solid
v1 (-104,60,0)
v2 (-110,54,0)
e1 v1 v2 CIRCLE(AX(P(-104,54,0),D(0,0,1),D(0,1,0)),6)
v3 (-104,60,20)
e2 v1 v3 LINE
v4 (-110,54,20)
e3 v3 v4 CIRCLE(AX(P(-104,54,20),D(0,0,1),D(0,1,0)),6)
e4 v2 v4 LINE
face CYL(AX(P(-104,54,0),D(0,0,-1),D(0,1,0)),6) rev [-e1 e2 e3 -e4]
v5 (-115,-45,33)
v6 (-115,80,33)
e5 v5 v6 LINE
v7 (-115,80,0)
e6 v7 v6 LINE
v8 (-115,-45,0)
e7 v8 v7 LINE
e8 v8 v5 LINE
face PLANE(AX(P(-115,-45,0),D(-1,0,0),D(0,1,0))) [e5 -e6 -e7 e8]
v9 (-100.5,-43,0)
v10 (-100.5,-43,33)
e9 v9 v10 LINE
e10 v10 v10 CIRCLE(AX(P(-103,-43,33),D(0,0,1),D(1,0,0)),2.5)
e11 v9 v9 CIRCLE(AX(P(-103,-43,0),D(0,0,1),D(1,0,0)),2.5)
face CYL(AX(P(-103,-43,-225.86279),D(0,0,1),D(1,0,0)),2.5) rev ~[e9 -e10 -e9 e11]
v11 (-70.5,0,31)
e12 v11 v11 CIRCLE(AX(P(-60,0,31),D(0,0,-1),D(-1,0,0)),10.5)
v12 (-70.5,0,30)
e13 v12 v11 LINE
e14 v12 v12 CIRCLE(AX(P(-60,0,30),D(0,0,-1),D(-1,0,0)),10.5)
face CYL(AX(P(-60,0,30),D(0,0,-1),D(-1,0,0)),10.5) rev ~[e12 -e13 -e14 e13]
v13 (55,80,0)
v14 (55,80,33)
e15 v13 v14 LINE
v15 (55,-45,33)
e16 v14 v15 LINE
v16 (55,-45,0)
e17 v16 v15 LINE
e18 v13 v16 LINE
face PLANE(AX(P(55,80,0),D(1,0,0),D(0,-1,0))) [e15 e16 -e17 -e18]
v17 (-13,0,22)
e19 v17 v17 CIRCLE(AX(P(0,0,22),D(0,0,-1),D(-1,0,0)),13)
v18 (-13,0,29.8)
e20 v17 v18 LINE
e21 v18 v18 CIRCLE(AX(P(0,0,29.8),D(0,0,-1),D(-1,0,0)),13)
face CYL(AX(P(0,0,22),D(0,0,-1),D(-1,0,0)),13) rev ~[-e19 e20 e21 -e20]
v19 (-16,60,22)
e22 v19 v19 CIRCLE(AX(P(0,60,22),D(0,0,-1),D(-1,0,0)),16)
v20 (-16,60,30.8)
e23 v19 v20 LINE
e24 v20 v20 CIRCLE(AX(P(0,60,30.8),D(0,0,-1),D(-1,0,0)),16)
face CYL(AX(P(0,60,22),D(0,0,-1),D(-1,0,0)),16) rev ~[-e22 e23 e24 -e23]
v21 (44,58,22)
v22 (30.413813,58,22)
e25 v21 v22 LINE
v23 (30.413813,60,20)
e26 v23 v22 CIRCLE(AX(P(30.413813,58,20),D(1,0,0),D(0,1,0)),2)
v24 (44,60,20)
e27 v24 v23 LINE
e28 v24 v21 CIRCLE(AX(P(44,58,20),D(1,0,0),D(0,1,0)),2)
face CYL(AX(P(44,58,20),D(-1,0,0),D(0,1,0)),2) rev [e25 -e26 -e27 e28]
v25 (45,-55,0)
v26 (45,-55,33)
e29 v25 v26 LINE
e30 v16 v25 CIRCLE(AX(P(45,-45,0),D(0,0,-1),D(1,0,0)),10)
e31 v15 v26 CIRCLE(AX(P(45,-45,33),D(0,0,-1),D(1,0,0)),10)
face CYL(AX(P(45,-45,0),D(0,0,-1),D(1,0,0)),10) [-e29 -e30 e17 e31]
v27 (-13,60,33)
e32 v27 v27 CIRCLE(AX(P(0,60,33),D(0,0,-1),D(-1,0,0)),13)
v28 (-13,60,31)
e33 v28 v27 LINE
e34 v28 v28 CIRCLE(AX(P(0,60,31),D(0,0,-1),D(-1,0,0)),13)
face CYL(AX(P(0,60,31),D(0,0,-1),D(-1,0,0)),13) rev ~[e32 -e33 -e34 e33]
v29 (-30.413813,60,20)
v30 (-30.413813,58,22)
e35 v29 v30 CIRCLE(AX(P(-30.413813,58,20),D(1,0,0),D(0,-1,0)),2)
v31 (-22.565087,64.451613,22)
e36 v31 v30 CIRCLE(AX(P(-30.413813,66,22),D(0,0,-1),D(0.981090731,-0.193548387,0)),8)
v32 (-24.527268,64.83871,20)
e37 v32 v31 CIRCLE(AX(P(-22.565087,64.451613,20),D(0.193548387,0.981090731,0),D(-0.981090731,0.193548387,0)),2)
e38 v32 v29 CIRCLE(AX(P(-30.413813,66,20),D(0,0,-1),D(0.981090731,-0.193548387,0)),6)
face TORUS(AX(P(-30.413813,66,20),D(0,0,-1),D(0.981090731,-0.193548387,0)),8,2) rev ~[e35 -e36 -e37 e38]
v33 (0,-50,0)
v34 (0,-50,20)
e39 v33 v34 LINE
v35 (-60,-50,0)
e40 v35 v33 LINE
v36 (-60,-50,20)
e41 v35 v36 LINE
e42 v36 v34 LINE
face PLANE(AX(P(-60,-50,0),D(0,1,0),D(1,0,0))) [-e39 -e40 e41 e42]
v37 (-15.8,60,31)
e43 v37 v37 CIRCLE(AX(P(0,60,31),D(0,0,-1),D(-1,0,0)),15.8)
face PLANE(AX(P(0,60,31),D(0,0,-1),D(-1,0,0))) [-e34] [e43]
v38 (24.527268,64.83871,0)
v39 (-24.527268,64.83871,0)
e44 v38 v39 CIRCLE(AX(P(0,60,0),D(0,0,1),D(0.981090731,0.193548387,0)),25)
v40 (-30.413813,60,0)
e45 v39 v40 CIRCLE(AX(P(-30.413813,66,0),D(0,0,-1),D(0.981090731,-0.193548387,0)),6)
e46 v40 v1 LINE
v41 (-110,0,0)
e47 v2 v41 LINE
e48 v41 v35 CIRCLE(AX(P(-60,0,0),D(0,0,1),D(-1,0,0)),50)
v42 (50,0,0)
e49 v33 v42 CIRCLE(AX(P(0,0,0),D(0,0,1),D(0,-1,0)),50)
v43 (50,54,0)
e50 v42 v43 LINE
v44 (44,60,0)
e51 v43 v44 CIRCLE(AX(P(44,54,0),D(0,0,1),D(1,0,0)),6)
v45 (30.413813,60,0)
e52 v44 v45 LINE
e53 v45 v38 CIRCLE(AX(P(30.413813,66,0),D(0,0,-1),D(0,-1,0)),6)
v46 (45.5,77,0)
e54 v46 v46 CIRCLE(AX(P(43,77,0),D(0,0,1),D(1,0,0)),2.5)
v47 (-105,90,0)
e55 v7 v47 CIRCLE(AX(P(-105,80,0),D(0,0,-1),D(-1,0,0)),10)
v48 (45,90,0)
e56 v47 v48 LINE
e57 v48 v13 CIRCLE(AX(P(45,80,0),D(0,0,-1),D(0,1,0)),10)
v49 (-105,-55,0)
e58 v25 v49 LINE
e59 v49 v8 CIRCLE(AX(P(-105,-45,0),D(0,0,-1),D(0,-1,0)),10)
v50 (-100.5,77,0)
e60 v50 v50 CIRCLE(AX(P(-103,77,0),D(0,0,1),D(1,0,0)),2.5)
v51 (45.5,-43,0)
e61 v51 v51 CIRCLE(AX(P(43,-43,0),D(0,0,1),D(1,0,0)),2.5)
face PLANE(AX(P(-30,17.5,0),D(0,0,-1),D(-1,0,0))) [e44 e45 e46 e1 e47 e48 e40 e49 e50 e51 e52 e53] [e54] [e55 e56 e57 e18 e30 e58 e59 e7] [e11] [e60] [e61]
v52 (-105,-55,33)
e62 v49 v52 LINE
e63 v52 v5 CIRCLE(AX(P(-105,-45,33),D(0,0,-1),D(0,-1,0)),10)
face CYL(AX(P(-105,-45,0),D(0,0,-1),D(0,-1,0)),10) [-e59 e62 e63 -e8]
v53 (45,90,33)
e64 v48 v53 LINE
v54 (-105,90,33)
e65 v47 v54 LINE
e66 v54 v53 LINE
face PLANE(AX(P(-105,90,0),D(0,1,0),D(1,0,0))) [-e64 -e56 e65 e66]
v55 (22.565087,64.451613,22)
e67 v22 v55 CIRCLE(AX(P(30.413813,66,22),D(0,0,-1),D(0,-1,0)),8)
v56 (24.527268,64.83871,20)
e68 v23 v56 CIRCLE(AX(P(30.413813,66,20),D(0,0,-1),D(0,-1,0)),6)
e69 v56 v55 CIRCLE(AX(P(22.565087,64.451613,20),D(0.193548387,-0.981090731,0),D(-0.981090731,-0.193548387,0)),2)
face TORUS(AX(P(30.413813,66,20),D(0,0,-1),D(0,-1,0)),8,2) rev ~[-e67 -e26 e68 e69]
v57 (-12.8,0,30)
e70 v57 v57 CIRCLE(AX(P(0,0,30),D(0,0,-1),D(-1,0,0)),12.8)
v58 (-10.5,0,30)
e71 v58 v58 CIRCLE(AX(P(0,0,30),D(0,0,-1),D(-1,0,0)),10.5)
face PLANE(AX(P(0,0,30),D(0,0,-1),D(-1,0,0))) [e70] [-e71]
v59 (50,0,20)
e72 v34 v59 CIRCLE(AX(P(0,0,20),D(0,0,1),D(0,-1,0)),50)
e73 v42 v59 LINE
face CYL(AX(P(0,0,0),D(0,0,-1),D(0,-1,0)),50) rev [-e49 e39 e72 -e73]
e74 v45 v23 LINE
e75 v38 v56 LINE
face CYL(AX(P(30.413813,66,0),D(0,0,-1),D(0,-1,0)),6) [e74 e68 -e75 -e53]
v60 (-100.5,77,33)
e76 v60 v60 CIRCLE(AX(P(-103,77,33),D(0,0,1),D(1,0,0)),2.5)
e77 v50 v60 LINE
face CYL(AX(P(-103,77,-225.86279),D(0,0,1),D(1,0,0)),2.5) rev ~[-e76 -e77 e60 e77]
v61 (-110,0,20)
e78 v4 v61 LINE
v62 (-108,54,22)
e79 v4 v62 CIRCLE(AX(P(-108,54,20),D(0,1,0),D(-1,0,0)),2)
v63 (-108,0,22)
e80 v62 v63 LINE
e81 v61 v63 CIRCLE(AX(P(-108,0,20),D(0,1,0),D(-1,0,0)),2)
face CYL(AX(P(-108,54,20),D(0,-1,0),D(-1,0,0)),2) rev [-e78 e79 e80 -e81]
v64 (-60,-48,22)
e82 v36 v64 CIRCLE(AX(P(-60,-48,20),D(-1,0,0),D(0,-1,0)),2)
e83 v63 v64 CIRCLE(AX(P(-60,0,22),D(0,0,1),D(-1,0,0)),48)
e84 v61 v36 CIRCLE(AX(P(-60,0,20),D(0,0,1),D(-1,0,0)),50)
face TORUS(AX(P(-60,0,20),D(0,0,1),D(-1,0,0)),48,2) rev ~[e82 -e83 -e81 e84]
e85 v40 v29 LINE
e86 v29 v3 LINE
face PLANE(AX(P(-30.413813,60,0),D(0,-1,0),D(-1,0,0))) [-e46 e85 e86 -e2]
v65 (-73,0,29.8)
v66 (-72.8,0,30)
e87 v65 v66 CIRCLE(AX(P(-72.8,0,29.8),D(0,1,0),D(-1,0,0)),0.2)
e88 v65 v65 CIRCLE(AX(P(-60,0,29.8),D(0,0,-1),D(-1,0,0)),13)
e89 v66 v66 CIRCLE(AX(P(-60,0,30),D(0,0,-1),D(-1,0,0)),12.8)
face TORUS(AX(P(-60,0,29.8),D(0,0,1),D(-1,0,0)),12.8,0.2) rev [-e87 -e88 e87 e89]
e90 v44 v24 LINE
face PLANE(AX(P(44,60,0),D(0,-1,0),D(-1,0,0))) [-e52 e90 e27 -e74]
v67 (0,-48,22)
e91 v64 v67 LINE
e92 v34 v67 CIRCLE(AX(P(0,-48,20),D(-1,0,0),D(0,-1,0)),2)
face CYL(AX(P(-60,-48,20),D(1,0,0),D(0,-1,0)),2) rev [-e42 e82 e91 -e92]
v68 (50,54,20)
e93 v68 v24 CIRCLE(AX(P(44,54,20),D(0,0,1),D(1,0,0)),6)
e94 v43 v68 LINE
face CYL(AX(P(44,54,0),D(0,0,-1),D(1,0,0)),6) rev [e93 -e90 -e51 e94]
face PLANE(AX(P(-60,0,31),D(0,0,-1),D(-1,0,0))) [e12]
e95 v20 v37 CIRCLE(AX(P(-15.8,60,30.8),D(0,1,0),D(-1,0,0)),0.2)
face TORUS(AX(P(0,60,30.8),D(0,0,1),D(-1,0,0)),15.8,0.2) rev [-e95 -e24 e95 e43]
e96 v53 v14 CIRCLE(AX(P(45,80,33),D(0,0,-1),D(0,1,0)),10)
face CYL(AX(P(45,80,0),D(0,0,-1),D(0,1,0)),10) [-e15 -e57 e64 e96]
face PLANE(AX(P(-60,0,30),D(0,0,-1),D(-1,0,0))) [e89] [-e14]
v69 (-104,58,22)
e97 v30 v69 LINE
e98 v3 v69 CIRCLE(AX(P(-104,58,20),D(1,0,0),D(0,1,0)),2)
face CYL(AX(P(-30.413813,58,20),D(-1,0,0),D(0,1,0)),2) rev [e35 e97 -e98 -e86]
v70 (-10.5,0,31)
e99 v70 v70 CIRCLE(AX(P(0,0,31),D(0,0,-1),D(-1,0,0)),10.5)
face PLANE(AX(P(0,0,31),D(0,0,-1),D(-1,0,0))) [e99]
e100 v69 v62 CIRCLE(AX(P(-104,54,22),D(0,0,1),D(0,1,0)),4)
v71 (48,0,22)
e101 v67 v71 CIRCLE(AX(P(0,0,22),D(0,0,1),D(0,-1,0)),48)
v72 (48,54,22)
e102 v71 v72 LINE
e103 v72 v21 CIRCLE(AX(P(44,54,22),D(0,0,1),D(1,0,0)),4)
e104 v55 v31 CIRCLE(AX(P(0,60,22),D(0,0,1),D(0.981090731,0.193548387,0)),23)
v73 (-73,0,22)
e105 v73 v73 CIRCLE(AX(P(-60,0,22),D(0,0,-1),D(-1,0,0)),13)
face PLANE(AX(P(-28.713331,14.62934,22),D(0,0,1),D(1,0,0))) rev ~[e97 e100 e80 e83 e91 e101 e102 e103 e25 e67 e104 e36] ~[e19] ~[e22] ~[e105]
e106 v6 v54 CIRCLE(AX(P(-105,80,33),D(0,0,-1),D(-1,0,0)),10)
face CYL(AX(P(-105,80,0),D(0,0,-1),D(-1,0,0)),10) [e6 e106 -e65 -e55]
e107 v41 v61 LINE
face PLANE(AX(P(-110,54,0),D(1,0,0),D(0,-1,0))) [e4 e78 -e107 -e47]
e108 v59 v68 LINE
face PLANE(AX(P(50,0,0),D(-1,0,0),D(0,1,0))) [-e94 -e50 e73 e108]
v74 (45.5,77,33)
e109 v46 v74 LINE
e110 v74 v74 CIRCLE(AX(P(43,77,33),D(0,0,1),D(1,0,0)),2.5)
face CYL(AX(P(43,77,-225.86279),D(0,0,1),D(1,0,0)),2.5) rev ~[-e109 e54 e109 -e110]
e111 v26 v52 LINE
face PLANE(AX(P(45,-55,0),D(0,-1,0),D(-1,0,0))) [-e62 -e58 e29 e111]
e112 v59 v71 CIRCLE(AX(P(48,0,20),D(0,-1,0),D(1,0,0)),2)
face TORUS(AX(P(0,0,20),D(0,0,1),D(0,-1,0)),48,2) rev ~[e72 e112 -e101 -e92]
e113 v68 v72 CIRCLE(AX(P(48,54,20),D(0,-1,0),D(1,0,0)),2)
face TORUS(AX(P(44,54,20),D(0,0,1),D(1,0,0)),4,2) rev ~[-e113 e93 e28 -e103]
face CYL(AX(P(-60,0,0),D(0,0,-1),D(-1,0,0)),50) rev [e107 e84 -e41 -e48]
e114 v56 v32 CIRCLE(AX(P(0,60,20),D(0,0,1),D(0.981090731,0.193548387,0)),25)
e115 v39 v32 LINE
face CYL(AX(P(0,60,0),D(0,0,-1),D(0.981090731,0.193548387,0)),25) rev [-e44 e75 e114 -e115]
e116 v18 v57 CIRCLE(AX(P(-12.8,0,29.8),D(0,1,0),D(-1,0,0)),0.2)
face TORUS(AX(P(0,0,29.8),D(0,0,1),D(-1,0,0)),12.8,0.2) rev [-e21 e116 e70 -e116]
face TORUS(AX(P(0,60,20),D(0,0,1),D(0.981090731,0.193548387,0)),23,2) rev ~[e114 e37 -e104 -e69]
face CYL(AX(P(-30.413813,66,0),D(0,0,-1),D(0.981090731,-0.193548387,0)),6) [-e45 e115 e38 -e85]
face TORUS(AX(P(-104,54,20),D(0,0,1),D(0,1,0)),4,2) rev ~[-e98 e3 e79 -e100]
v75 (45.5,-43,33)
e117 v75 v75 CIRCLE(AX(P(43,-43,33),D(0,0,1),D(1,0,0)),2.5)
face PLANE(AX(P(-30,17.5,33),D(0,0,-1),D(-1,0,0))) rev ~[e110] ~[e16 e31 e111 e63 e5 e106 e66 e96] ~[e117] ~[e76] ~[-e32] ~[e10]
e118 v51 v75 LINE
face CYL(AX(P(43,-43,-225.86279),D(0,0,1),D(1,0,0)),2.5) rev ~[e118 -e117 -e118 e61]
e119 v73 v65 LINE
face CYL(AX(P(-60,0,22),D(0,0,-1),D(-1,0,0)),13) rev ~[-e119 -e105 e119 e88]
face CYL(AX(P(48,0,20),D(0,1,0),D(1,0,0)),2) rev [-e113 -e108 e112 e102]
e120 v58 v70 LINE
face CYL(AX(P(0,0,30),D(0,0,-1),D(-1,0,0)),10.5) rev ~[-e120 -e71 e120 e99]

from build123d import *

# Parameters (mm, degrees)
BOSS_EXTRUDE1_DEPTH = 33
CUT_EXTRUDE1_DEPTH  = 22
SKETCH3_R           = 13
CUT_EXTRUDE2_DEPTH  = 8
SKETCH4_R           = 10.5
CUT_EXTRUDE3_DEPTH  = 1
SKETCH5_R           = 16
CUT_EXTRUDE4_DEPTH  = 9
SKETCH6_R           = 13
CUT_EXTRUDE5_DEPTH  = 3
FILLET1_R           = 2
FILLET2_R           = 0.2
M6_TAPPED_HOLE1_D   = 5


with BuildPart() as part:
    # Sketch1 → Boss-Extrude1 (new body)
    with BuildSketch(Plane.XY):
        with BuildLine():
            Line((-105, 90), (45, 90))
            ThreePointArc((45, 90), (52.071067812, 87.071067812), (55, 80))
            Line((55, 80), (55, -45))
            ThreePointArc((55, -45), (52.071067812, -52.071067812), (45, -55))
            Line((45, -55), (-105, -55))
            ThreePointArc((-105, -55), (-112.071067812, -52.071067812), (-115, -45))
            Line((-115, -45), (-115, 80))
            ThreePointArc((-115, 80), (-112.071067812, 87.071067812), (-105, 90))
        make_face()
    extrude(amount=BOSS_EXTRUDE1_DEPTH)

    # Sketch2 → Cut-Extrude1 (cut)
    with BuildSketch(Plane.XY):
        with BuildLine():
            Line((-60, -50), (0, -50))
            ThreePointArc((0, -50), (35.355339059, -35.355339059), (50, 0))
            Line((50, 0), (50, 54))
            ThreePointArc((50, 54), (48.242640687, 58.242640687), (44, 60))
            Line((44, 60), (30.413812651, 60))
            ThreePointArc((30.413812651, 60), (26.603808841, 61.364930317), (24.527268267, 64.838709677))
            ThreePointArc((24.527268267, 64.838709677), (0, 85), (-24.527268267, 64.838709677))
            ThreePointArc((-24.527268267, 64.838709677), (-26.603808841, 61.364930317), (-30.413812651, 60))
            Line((-30.413812651, 60), (-104, 60))
            ThreePointArc((-104, 60), (-108.242640687, 58.242640687), (-110, 54))
            Line((-110, 54), (-110, 0))
            ThreePointArc((-110, 0), (-95.355339059, -35.355339059), (-60, -50))
        make_face()
    extrude(amount=CUT_EXTRUDE1_DEPTH, mode=Mode.SUBTRACT)

    # Sketch3 → Cut-Extrude2 (cut)
    with BuildSketch(Plane(origin=(0, 0, 22), x_dir=(-1, 0, 0), z_dir=(0, 0, -1))):
        Circle(SKETCH3_R)
        with Locations((60, 0)):
            Circle(SKETCH3_R)
    extrude(amount=-CUT_EXTRUDE2_DEPTH, mode=Mode.SUBTRACT)

    # Sketch4 → Cut-Extrude3 (cut)
    with BuildSketch(Plane(origin=(0, 0, 30), x_dir=(-1, 0, 0), z_dir=(0, 0, -1))):
        Circle(SKETCH4_R)
        with Locations((60, 0)):
            Circle(SKETCH4_R)
    extrude(amount=-CUT_EXTRUDE3_DEPTH, mode=Mode.SUBTRACT)

    # Sketch5 → Cut-Extrude4 (cut)
    with BuildSketch(Plane(origin=(0, 0, 22), x_dir=(-1, 0, 0), z_dir=(0, 0, -1))):
        with Locations((0, 60)):
            Circle(SKETCH5_R)
    extrude(amount=-CUT_EXTRUDE4_DEPTH, mode=Mode.SUBTRACT)

    # Sketch6 → Cut-Extrude5 (cut, through all)
    with BuildSketch(Plane(origin=(0, 0, 31), x_dir=(-1, 0, 0), z_dir=(0, 0, -1))):
        with Locations((0, 60)):
            Circle(SKETCH6_R)
    extrude(amount=-CUT_EXTRUDE5_DEPTH, mode=Mode.SUBTRACT)

    # Fillet1
    fillet1_edges = [part.edges().sort_by_distance(p)[0] for p in [
        (-95.355339059, -35.355339059, 22),
        (-30, -50, 22),
        (35.355339059, -35.355339059, 22),
        (50, 27, 22),
        (48.242640687, 58.242640687, 22),
        (37.206906326, 60, 22),
        (26.603808841, 61.364930317, 22),
        (0, 85, 22),
        (-26.603808841, 61.364930317, 22),
        (-67.206906326, 60, 22),
        (-108.242640687, 58.242640687, 22),
        (-110, 27, 22),
    ]]
    fillet(fillet1_edges, radius=FILLET1_R)

    # Fillet2
    fillet2_edges = [part.edges().sort_by_distance(p)[0] for p in [
        (13, 0, 30),
        (-47, 0, 30),
        (16, 60, 31),
    ]]
    fillet(fillet2_edges, radius=FILLET2_R)

    # M6 Tapped Hole1 (through all)
    with Locations(Plane(origin=(0, 0, 0), x_dir=(-1, 0, 0), z_dir=(0, 0, -1))):
        with Locations((103, 77), (-43, 77), (-43, -43), (103, -43)):
            Hole(M6_TAPPED_HOLE1_D / 2)


solid = part.part
